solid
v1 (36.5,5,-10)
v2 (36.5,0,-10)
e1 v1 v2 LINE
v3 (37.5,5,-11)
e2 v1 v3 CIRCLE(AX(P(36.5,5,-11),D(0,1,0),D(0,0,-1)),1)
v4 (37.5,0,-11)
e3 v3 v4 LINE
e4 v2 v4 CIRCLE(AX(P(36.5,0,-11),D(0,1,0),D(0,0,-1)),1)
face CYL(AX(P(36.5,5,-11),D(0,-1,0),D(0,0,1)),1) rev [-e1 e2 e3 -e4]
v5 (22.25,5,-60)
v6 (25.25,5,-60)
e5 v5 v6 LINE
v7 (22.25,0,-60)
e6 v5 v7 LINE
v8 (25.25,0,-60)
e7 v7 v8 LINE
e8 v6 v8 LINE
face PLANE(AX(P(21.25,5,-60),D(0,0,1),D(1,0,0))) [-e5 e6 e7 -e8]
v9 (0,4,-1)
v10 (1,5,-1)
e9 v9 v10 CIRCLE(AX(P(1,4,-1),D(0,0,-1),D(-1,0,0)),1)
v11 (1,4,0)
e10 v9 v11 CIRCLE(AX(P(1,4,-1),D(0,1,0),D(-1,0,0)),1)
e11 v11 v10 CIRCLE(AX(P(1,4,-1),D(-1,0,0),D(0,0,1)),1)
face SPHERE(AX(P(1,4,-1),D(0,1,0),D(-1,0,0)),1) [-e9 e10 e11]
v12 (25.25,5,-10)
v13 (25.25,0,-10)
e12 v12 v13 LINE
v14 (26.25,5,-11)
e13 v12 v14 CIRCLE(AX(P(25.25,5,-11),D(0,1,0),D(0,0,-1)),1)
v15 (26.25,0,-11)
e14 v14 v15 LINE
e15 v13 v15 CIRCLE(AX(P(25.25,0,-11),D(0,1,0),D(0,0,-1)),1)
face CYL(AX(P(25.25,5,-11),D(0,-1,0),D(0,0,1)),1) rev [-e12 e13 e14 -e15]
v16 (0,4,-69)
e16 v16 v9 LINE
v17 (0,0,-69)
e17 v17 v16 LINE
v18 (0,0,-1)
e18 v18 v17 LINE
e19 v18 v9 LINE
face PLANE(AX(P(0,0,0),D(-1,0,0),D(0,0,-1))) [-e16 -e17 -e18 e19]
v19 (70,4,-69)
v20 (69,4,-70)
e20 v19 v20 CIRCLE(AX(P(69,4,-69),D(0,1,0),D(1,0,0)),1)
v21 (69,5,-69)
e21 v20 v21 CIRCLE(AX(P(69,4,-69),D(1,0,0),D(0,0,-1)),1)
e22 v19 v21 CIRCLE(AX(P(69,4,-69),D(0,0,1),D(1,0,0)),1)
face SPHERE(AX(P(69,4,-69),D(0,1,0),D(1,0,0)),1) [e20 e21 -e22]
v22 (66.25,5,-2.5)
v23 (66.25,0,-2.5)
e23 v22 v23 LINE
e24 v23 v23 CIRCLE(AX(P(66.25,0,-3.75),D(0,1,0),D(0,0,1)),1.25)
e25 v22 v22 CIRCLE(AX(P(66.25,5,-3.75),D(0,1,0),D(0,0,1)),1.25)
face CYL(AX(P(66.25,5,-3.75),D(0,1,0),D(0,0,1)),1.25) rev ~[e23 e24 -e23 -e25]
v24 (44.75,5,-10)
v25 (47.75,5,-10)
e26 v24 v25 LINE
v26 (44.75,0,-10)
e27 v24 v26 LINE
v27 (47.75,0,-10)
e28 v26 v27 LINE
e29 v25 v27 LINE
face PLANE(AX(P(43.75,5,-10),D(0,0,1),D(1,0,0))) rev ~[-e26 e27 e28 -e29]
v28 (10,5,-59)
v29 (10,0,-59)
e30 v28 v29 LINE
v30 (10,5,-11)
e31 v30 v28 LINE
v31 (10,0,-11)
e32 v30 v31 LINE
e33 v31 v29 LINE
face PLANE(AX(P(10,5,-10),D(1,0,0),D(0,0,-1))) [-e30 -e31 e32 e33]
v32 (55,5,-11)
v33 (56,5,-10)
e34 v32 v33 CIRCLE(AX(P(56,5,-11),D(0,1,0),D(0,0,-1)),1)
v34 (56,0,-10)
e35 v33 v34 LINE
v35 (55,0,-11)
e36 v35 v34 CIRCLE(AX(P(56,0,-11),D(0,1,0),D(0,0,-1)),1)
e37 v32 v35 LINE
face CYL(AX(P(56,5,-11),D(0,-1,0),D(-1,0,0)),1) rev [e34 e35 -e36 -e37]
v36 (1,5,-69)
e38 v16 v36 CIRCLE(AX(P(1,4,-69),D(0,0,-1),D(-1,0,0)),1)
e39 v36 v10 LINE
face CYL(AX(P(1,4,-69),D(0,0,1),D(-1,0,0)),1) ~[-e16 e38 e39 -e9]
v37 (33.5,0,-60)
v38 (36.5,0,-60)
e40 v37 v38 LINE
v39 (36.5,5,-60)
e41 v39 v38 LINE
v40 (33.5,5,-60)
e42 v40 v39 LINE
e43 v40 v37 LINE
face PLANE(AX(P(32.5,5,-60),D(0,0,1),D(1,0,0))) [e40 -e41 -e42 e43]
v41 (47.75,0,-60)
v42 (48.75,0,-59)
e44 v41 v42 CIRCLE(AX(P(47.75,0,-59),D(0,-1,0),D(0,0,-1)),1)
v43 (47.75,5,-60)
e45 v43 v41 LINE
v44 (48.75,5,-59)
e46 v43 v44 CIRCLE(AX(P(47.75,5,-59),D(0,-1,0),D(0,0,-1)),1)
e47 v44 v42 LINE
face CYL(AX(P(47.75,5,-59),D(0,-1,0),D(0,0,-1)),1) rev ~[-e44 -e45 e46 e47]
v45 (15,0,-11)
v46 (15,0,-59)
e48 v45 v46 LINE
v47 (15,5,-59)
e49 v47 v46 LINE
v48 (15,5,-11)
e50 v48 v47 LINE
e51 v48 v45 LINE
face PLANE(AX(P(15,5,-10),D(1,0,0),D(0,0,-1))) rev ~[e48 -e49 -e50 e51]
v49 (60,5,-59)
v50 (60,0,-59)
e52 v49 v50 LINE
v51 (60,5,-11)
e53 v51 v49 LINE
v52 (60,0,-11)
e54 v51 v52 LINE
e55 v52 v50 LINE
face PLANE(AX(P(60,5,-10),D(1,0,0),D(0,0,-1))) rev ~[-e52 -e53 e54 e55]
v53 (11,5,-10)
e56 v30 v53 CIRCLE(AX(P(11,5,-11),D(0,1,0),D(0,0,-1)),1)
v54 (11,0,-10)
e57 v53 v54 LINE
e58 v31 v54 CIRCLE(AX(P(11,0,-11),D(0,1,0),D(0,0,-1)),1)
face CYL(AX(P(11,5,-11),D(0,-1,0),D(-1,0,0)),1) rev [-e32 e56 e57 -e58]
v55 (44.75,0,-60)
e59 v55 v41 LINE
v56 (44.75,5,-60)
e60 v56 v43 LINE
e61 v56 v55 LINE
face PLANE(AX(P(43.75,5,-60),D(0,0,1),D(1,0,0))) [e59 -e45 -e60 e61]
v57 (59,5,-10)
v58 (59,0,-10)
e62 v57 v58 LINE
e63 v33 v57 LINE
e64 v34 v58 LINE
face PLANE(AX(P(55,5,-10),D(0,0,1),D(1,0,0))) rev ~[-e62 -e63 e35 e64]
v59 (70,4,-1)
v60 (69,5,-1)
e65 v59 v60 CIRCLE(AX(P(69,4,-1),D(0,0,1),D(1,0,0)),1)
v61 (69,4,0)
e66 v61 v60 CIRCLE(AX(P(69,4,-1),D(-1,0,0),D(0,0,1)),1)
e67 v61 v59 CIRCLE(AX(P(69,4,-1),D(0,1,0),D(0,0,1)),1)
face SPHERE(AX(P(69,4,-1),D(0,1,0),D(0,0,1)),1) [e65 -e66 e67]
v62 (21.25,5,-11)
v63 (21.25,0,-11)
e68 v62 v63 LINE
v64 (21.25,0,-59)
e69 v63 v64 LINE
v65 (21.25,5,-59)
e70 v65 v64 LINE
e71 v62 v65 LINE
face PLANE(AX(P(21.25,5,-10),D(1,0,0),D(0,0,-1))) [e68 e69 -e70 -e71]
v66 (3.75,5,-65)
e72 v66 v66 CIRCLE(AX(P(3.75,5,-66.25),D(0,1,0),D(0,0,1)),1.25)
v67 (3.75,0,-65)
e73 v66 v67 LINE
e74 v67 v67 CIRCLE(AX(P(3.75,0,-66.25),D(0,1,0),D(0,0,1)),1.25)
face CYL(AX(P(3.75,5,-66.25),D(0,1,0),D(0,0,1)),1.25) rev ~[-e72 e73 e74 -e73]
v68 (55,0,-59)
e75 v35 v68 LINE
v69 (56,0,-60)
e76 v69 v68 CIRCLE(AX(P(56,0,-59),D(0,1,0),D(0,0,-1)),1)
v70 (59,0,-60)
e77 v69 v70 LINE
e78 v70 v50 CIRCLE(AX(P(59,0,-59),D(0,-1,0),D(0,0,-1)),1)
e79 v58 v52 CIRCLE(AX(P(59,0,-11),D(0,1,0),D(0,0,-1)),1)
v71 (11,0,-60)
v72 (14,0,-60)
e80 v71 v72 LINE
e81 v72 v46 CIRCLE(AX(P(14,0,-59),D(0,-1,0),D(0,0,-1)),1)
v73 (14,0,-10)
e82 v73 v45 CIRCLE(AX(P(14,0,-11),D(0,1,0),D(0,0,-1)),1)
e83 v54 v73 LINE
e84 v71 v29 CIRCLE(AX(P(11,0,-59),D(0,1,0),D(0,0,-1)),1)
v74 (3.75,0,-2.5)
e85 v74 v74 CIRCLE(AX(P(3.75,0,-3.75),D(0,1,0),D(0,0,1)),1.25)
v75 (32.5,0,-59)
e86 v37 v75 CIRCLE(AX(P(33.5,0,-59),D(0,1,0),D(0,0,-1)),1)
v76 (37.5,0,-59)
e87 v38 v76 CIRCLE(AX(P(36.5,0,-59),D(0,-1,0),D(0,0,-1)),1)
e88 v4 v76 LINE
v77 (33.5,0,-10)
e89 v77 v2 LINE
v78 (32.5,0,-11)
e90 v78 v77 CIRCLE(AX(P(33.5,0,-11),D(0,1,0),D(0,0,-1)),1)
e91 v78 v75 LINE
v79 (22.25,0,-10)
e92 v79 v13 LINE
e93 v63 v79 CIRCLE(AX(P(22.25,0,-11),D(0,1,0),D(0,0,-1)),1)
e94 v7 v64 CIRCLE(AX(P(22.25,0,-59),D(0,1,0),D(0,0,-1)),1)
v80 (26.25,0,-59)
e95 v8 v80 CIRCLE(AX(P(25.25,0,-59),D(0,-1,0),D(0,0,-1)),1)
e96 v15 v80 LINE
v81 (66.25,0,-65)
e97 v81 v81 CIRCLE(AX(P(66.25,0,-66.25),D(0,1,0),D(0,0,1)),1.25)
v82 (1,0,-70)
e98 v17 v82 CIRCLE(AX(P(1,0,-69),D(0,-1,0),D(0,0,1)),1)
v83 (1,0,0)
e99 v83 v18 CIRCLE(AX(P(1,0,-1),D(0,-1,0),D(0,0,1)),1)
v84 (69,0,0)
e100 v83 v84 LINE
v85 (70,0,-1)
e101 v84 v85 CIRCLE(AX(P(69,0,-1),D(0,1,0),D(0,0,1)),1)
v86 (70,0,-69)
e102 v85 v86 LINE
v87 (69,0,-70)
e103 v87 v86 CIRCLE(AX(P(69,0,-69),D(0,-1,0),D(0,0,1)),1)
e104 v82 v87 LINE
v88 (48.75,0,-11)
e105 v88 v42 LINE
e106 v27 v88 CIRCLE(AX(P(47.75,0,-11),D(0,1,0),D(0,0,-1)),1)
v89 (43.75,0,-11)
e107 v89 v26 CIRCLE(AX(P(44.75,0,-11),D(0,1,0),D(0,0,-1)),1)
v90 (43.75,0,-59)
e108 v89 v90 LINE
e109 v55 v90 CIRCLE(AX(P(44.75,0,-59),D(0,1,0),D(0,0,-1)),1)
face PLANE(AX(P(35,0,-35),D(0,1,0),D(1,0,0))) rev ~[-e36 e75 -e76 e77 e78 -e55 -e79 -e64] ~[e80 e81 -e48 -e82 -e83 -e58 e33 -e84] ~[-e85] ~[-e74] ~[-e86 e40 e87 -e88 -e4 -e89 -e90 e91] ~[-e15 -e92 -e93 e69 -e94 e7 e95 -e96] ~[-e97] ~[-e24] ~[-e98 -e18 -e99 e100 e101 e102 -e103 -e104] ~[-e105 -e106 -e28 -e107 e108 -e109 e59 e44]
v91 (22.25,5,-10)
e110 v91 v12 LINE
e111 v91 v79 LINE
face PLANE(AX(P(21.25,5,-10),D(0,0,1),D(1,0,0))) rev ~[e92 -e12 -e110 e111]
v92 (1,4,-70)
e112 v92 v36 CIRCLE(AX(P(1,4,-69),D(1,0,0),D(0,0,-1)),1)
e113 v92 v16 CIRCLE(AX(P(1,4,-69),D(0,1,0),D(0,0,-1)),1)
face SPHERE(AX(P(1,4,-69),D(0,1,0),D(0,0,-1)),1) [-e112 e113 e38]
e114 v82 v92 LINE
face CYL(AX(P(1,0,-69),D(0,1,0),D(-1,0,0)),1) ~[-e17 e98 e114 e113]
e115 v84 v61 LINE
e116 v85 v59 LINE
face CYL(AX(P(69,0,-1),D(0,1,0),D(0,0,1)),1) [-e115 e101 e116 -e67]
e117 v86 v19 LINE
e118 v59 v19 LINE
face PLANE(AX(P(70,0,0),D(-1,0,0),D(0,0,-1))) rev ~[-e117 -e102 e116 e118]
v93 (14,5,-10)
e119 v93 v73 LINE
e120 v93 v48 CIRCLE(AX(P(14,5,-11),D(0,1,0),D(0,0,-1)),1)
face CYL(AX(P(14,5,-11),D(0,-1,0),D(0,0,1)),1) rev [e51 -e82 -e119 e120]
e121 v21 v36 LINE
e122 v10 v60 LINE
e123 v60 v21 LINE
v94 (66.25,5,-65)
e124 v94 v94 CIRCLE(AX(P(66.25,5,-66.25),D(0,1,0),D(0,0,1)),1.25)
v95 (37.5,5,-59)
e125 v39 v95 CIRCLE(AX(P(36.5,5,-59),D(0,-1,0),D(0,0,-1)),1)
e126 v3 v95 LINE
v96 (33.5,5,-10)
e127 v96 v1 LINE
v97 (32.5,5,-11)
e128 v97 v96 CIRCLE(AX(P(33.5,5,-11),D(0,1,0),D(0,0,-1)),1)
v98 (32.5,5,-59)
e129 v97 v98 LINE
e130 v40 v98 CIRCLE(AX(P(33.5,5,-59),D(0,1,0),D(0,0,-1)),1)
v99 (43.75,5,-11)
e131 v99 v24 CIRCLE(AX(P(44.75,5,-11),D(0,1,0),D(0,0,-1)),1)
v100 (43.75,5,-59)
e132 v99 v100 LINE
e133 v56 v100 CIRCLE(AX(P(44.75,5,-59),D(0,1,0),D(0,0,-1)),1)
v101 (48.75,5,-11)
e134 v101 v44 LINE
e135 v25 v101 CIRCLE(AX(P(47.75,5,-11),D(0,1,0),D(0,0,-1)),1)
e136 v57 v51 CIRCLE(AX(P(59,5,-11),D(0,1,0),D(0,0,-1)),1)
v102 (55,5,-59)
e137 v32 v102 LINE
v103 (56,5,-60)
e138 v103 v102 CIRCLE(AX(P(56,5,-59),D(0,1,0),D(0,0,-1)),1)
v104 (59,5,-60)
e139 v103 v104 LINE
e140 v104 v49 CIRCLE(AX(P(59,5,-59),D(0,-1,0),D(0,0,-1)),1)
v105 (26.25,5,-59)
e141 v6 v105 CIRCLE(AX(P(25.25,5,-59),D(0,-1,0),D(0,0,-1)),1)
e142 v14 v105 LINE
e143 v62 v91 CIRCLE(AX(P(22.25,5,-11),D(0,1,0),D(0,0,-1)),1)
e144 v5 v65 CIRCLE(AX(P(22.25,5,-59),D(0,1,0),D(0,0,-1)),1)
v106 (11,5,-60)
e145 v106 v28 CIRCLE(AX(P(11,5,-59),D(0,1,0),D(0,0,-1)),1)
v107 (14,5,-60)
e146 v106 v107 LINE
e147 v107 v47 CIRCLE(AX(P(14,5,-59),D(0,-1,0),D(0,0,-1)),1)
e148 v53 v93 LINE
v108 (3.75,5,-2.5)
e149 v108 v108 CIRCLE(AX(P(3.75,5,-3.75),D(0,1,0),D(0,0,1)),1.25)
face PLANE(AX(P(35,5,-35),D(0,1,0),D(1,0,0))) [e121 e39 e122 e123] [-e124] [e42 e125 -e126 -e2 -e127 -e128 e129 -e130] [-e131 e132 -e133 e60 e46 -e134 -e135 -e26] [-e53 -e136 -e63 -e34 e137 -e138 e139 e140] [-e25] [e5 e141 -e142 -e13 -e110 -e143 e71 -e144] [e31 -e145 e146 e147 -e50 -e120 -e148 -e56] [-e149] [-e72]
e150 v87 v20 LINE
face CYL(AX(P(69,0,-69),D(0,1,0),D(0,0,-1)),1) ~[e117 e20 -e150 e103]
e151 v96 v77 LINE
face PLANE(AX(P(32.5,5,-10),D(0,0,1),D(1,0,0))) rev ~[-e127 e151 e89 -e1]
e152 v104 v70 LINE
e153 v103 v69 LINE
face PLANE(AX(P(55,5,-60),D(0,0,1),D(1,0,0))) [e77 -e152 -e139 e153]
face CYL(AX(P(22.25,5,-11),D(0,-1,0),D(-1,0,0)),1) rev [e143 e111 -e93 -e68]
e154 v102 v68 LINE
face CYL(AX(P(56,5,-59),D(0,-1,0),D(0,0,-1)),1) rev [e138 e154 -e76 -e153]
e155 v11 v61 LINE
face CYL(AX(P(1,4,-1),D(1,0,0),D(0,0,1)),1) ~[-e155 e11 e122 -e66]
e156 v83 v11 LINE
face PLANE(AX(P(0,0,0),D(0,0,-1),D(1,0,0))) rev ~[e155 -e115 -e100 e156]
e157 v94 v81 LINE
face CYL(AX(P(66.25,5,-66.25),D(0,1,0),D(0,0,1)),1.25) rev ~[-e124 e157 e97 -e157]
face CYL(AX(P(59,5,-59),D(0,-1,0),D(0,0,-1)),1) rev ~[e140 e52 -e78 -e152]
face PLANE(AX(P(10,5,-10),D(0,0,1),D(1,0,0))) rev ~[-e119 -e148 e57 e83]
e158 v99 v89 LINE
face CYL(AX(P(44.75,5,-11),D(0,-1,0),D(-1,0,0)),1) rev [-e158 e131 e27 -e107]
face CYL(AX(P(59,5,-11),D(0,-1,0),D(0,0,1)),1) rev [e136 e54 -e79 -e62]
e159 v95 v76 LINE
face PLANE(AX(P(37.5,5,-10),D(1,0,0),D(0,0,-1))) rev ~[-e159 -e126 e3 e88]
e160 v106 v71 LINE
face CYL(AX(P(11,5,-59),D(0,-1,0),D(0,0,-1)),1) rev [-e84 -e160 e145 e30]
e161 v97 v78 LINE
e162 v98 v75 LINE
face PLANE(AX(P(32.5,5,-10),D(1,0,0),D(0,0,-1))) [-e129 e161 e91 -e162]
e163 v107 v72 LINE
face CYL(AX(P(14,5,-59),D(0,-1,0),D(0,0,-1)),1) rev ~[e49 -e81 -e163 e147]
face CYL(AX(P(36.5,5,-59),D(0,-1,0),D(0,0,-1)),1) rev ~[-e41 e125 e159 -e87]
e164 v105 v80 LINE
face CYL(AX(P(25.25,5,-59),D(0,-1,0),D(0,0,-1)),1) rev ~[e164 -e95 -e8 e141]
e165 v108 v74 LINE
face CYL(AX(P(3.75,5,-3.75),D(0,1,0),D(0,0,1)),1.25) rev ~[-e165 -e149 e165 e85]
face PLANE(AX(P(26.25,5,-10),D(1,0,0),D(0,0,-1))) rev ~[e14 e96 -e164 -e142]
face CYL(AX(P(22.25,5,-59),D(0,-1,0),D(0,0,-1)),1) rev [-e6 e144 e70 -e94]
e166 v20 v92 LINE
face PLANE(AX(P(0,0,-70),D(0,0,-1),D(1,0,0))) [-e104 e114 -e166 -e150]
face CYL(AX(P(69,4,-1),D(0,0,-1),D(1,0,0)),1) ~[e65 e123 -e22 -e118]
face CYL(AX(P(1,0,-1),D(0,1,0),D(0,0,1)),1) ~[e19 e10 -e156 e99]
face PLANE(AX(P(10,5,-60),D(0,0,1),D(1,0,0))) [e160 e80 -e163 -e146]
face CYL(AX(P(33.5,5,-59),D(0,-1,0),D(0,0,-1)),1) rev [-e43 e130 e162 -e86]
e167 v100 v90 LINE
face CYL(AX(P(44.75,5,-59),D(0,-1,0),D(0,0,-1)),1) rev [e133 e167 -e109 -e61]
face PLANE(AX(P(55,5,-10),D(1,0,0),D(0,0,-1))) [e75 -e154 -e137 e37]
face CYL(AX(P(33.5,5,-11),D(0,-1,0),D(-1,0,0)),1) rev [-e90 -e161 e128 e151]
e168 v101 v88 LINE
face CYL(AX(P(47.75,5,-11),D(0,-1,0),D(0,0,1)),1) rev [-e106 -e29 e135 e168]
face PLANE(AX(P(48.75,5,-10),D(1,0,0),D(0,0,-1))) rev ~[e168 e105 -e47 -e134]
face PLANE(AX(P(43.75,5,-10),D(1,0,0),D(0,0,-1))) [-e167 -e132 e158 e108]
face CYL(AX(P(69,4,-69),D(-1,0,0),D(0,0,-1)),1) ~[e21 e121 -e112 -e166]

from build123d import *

# Parameters (mm, degrees)
SKETCH1_W                 = 70
SKETCH1_H                 = 70
BOSS_EXTRUDE1_DEPTH       = 5
SKETCH2_R                 = 1.25
CUT_EXTRUDE1_DEPTH        = 100.121138008
LPATTERN1_COUNT           = 2
LPATTERN1_PITCH           = 62.5
LPATTERN2_COUNT           = 2
LPATTERN2_PITCH           = 62.5
LPATTERN2_COPY_1_SKETCH_R = 1.25
LPATTERN2_COPY_1_DEPTH    = 100.121138008
SKETCH3_W                 = 5
SKETCH3_H                 = 50
CUT_EXTRUDE2_DEPTH        = 100.121138008
FILLET2_R                 = 1
FILLET3_R                 = 1
FILLET4_R                 = 1
FILLET5_R                 = 1
LPATTERN3_COUNT           = 5
LPATTERN3_PITCH           = 11.25
FILLET2_OF_LPATTERN3_R    = 1
FILLET3_OF_LPATTERN3_R    = 1
FILLET4_OF_LPATTERN3_R    = 1
FILLET5_OF_LPATTERN3_R    = 1
FILLET6_R                 = 1
FILLET7_R                 = 1
FILLET8_R                 = 1
FILLET9_R                 = 1
FILLET10_R                = 1


with BuildPart() as part:
    # Sketch1 → Boss-Extrude1 (new body)
    with BuildSketch(Plane(origin=(0, 0, 0), x_dir=(1, 0, 0), z_dir=(0, 1, 0))):
        with Locations((35, 35)):
            Rectangle(SKETCH1_W, SKETCH1_H)
    extrude(amount=BOSS_EXTRUDE1_DEPTH)

    # Sketch2 → Cut-Extrude1 (cut, through all)
    with BuildSketch(Plane(origin=(0, 5, 0), x_dir=(1, 0, 0), z_dir=(0, 1, 0))):
        with Locations(Location((3.75, 3.75, 0), (0, 0, 270))):
            Circle(SKETCH2_R)
    cut_extrude1 = extrude(amount=-CUT_EXTRUDE1_DEPTH, mode=Mode.SUBTRACT)

    # LPattern1: Cut-Extrude1 ×2
    with Locations(*[(i * LPATTERN1_PITCH, 0, 0) for i in range(1, LPATTERN1_COUNT)]):
        add(cut_extrude1, mode=Mode.SUBTRACT)

    # LPattern2: Cut-Extrude1 ×2
    with Locations(*[(0, 0, -i * LPATTERN2_PITCH) for i in range(1, LPATTERN2_COUNT)]):
        add(cut_extrude1, mode=Mode.SUBTRACT)

    # LPattern2 copy 1 sketch → LPattern2 copy 1 (cut, through all)
    with BuildSketch(Plane(origin=(62.5, 5, -62.5), x_dir=(1, 0, 0), z_dir=(0, 1, 0))):
        with Locations(Location((3.75, 3.75, 0), (0, 0, 270))):
            Circle(LPATTERN2_COPY_1_SKETCH_R)
    extrude(amount=-LPATTERN2_COPY_1_DEPTH, mode=Mode.SUBTRACT)

    # Sketch3 → Cut-Extrude2 (cut, through all)
    with BuildSketch(Plane(origin=(0, 5, 0), x_dir=(1, 0, 0), z_dir=(0, 1, 0))):
        with Locations((12.5, 35)):
            Rectangle(SKETCH3_W, SKETCH3_H)
    cut_extrude2 = extrude(amount=-CUT_EXTRUDE2_DEPTH, mode=Mode.SUBTRACT)

    # Fillet2
    fillet2_edges = [part.edges().sort_by_distance(p)[0] for p in [
        (10, 2.5, -60),
    ]]
    fillet(fillet2_edges, radius=FILLET2_R)

    # Fillet3
    fillet3_edges = [part.edges().sort_by_distance(p)[0] for p in [
        (15, 2.5, -60),
    ]]
    fillet(fillet3_edges, radius=FILLET3_R)

    # Fillet4
    fillet4_edges = [part.edges().sort_by_distance(p)[0] for p in [
        (10, 2.5, -10),
    ]]
    fillet(fillet4_edges, radius=FILLET4_R)

    # Fillet5
    fillet5_edges = [part.edges().sort_by_distance(p)[0] for p in [
        (15, 2.5, -10),
    ]]
    fillet(fillet5_edges, radius=FILLET5_R)

    # LPattern3: Cut-Extrude2 ×5
    with Locations(*[(i * LPATTERN3_PITCH, 0, 0) for i in range(1, LPATTERN3_COUNT)]):
        add(cut_extrude2, mode=Mode.SUBTRACT)

    # Fillet2 of LPattern3
    fillet2_of_lpattern3_edges = [part.edges().sort_by_distance(p)[0] for p in [
        (21.25, 2.5, -60),
        (32.5, 2.5, -60),
        (43.75, 2.5, -60),
        (55, 2.5, -60),
    ]]
    fillet(fillet2_of_lpattern3_edges, radius=FILLET2_OF_LPATTERN3_R)

    # Fillet3 of LPattern3
    fillet3_of_lpattern3_edges = [part.edges().sort_by_distance(p)[0] for p in [
        (26.25, 2.5, -60),
        (37.5, 2.5, -60),
        (48.75, 2.5, -60),
        (60, 2.5, -60),
    ]]
    fillet(fillet3_of_lpattern3_edges, radius=FILLET3_OF_LPATTERN3_R)

    # Fillet4 of LPattern3
    fillet4_of_lpattern3_edges = [part.edges().sort_by_distance(p)[0] for p in [
        (21.25, 2.5, -10),
        (32.5, 2.5, -10),
        (43.75, 2.5, -10),
        (55, 2.5, -10),
    ]]
    fillet(fillet4_of_lpattern3_edges, radius=FILLET4_OF_LPATTERN3_R)

    # Fillet5 of LPattern3
    fillet5_of_lpattern3_edges = [part.edges().sort_by_distance(p)[0] for p in [
        (26.25, 2.5, -10),
        (37.5, 2.5, -10),
        (48.75, 2.5, -10),
        (60, 2.5, -10),
    ]]
    fillet(fillet5_of_lpattern3_edges, radius=FILLET5_OF_LPATTERN3_R)

    # Fillet6
    fillet6_edges = [part.edges().sort_by_distance(p)[0] for p in [
        (70, 2.5, 0),
    ]]
    fillet(fillet6_edges, radius=FILLET6_R)

    # Fillet7
    fillet7_edges = [part.edges().sort_by_distance(p)[0] for p in [
        (0, 2.5, 0),
    ]]
    fillet(fillet7_edges, radius=FILLET7_R)

    # Fillet8
    fillet8_edges = [part.edges().sort_by_distance(p)[0] for p in [
        (0, 2.5, -70),
    ]]
    fillet(fillet8_edges, radius=FILLET8_R)

    # Fillet9
    fillet9_edges = [part.edges().sort_by_distance(p)[0] for p in [
        (70, 2.5, -70),
    ]]
    fillet(fillet9_edges, radius=FILLET9_R)

    # Fillet10
    fillet10_edges = [part.edges().sort_by_distance(p)[0] for p in [
        (70, 5, -35),
        (69.707106781, 5, -0.292893219),
        (35, 5, 0),
        (0.292893219, 5, -0.292893219),
        (0, 5, -35),
        (0.292893219, 5, -69.707106781),
        (35, 5, -70),
        (69.707106781, 5, -69.707106781),
    ]]
    fillet(fillet10_edges, radius=FILLET10_R)


solid = part.part
